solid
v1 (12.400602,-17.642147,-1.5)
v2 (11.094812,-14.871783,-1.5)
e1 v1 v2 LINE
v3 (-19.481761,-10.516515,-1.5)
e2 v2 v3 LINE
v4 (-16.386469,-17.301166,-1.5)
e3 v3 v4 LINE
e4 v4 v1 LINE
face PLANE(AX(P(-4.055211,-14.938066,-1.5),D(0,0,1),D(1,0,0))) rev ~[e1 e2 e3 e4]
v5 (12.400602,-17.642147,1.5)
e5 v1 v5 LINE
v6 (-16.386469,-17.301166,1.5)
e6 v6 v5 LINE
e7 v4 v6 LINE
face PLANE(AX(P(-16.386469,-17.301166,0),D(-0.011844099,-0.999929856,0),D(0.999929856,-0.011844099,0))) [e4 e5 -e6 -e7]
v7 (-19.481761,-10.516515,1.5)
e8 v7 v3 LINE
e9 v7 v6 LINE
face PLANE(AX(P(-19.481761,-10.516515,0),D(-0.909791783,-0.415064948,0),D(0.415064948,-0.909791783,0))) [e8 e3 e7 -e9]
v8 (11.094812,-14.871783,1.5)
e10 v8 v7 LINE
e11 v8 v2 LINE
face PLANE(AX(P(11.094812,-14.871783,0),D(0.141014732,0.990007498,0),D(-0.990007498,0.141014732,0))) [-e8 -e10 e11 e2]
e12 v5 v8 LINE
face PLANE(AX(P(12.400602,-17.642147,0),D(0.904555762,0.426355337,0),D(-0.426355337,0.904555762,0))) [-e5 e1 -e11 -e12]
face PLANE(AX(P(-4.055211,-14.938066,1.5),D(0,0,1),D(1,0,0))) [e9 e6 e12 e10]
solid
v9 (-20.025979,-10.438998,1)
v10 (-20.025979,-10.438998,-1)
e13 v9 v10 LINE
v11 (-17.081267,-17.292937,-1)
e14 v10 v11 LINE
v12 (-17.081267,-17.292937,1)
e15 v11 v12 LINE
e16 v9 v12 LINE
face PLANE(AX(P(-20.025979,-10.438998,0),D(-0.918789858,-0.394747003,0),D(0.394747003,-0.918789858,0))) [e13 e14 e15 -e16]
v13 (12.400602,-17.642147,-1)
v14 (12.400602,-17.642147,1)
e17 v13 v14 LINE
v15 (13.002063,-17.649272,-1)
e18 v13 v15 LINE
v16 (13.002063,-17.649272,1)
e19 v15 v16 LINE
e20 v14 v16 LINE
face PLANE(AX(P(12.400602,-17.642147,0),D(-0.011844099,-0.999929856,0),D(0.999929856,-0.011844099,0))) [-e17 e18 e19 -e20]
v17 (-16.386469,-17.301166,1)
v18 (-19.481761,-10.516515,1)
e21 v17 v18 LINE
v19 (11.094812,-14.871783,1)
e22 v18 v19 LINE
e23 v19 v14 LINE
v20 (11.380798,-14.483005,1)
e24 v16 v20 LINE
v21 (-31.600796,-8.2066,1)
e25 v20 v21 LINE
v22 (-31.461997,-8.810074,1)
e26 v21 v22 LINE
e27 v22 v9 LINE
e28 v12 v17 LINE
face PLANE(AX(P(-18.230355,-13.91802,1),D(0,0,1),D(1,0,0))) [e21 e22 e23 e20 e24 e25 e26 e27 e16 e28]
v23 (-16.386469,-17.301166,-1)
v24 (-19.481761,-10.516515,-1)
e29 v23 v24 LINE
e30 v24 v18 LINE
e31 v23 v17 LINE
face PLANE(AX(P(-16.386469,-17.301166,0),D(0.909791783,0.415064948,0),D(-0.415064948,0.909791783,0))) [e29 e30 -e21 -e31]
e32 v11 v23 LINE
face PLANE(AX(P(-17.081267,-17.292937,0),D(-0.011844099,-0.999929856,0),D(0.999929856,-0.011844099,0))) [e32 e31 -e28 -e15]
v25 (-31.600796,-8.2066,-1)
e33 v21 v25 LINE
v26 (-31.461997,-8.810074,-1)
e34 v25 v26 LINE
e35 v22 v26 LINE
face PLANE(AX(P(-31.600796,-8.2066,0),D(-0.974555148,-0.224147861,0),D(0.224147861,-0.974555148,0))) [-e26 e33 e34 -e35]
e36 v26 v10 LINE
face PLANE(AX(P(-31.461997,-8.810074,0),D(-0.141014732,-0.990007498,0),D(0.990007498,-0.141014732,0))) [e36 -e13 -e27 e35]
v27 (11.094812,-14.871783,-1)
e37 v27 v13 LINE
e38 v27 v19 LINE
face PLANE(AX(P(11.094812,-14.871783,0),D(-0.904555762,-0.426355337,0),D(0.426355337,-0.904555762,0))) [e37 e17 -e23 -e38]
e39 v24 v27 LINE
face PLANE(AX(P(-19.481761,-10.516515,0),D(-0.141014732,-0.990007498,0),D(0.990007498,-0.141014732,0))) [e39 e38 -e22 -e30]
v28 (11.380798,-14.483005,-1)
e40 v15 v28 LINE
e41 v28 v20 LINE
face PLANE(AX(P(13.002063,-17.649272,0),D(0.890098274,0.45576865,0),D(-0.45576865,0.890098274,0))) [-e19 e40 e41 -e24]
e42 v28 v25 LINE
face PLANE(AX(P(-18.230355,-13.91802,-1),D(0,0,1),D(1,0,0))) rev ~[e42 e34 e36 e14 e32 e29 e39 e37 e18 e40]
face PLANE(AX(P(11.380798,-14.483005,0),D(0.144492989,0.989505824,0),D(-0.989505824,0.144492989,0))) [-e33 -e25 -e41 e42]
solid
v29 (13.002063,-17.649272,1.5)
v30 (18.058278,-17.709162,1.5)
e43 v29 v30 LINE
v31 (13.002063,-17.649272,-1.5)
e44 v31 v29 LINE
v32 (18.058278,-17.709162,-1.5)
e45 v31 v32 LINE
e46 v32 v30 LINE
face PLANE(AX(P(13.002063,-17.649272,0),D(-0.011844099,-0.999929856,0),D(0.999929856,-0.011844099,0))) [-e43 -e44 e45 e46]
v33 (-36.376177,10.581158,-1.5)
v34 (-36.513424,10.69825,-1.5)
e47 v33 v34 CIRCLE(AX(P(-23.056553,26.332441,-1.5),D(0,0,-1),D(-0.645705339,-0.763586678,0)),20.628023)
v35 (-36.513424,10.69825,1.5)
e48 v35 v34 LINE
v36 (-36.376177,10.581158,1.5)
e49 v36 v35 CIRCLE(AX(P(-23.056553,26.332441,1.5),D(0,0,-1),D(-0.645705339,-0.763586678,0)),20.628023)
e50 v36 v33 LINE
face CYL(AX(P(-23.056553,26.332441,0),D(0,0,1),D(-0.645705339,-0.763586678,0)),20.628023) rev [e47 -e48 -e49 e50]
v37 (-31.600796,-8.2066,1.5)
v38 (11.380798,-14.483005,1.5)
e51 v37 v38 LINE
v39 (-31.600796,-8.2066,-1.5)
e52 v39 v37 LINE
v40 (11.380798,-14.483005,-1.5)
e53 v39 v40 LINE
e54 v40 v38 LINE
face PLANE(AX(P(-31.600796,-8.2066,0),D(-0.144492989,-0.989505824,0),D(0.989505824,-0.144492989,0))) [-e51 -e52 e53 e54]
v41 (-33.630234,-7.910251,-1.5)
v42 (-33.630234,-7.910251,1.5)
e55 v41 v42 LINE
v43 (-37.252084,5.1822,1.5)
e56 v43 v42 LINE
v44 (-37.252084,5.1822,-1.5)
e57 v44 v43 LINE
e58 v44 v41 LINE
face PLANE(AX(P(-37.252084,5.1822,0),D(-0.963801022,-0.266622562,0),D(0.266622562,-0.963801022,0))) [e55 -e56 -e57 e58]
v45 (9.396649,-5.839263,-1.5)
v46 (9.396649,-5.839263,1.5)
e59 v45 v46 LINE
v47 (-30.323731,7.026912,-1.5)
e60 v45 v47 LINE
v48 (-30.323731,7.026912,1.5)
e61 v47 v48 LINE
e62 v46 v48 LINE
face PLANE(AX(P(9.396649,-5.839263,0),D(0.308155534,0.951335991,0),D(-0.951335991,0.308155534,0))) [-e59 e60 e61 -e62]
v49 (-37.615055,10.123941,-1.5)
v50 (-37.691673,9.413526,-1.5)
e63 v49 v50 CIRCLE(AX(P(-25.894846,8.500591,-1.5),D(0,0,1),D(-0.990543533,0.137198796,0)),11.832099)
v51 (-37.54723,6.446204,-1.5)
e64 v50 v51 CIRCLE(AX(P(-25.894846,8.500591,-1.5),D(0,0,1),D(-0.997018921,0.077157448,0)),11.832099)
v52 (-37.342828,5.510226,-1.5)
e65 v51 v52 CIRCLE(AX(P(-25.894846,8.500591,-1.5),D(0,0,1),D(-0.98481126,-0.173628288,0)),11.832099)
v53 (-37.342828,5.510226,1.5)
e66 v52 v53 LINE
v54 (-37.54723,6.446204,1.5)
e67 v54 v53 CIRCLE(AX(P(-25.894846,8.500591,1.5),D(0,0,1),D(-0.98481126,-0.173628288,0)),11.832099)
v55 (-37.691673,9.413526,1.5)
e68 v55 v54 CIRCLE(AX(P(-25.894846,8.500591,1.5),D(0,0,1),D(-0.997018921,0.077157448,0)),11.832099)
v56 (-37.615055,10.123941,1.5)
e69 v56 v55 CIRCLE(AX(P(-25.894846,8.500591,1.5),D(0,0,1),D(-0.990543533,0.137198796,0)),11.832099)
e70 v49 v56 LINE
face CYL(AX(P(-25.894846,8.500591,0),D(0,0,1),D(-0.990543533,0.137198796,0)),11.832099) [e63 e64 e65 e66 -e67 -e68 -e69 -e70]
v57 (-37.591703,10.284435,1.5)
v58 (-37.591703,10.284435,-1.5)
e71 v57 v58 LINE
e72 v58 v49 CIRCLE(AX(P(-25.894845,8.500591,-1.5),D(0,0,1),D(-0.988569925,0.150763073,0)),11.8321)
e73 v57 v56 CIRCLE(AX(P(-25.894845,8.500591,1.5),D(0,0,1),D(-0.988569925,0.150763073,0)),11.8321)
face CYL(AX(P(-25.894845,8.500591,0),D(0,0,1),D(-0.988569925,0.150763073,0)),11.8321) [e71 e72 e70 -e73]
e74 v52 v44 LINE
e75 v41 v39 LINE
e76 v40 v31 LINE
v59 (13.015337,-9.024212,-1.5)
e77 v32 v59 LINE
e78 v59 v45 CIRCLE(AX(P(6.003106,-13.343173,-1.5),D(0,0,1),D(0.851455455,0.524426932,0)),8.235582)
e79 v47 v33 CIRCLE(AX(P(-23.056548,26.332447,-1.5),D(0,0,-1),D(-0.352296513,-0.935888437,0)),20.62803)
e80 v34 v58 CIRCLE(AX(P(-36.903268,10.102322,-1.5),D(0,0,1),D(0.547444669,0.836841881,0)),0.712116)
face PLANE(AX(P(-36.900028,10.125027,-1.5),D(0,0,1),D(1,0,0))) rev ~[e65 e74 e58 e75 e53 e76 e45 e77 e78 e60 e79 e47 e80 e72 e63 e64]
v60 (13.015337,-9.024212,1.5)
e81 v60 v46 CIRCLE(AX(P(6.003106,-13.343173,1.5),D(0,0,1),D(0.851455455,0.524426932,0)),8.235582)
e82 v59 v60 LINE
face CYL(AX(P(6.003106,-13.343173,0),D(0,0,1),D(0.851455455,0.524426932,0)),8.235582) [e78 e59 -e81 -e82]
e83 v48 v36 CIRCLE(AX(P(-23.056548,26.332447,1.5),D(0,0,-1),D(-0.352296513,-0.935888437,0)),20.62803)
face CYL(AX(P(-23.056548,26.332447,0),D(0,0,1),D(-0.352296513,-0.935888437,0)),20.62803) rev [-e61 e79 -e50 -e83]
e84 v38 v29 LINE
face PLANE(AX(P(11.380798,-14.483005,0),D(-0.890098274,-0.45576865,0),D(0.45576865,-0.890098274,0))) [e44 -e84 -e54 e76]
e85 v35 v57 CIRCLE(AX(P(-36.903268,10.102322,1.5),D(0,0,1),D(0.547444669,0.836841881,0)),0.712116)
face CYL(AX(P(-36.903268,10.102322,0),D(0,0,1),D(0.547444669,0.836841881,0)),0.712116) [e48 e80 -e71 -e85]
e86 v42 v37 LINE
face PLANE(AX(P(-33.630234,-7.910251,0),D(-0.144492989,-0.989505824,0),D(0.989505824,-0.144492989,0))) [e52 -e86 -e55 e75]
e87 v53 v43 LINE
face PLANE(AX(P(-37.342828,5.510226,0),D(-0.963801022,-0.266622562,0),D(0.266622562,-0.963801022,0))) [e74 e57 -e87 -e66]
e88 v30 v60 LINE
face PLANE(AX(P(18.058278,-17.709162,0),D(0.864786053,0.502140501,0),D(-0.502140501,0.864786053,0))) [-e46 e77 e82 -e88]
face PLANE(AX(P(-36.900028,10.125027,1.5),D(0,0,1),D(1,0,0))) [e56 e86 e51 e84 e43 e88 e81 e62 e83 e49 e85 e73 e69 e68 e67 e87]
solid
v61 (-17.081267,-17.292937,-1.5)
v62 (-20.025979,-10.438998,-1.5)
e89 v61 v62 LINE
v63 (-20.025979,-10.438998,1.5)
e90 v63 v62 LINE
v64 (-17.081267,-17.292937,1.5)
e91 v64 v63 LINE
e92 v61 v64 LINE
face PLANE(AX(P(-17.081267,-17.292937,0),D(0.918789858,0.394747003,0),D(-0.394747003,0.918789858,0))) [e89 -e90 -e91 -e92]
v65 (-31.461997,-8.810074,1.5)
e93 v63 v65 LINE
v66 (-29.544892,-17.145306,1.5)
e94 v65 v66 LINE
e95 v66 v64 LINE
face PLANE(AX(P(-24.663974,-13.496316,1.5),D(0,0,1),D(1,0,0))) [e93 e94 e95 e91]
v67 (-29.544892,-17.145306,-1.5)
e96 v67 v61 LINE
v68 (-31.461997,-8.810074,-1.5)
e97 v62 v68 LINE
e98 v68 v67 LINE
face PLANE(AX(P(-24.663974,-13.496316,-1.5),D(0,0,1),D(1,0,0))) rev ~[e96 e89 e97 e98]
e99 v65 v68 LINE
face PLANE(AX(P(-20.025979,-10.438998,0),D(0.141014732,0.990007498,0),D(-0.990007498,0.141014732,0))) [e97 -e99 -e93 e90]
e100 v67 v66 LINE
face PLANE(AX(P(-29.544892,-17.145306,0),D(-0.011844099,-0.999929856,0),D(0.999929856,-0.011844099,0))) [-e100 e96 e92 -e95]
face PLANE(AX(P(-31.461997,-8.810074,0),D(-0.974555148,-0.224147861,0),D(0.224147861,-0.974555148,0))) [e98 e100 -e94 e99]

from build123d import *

# Parameters (mm, degrees)
F1_DEPTH      = 1.5
F1_DEPTH_BACK = 1.5
F2_DEPTH      = 1
F2_DEPTH_BACK = 1


with BuildPart() as f1:
    # F0 (on Top) → F1 (new body, two sides)
    with BuildSketch(Plane.XY) as f1_sk:
        with BuildLine():
            ThreePointArc((-37.5917032361, 10.284435004), (-37.6036541925, 10.2042280745), (-37.6150551658, 10.1239411223))
            ThreePointArc((-37.6150551658, 10.1239411223), (-36.9140789223, 9.3902881067), (-36.1911523713, 10.1023215633))
            ThreePointArc((-36.1911523713, 10.1023215633), (-36.2390172385, 10.3589917497), (-36.3761773631, 10.5811577471))
            ThreePointArc((-36.3761773631, 10.5811577471), (-36.444928714, 10.6395536611), (-36.5134240484, 10.6982496592))
            ThreePointArc((-36.5134240484, 10.6982496592), (-37.1584146425, 10.7671588816), (-37.5917032361, 10.284435004))
        make_face()
        with BuildLine():
            ThreePointArc((-37.6150551658, 10.1239411223), (-37.658727807, 9.7693120358), (-37.6916725948, 9.413525963))
            Line((-37.6916725948, 9.413525963), (-30.3237312473, 7.0269118533))
            ThreePointArc((-30.3237312473, 7.0269118533), (-33.5022351188, 8.5447191966), (-36.3761773631, 10.5811577471))
            ThreePointArc((-36.3761773631, 10.5811577471), (-36.2390172385, 10.3589917497), (-36.1911523713, 10.1023215633))
            ThreePointArc((-36.1911523713, 10.1023215633), (-36.9140789223, 9.3902881067), (-37.6150551658, 10.1239411223))
        make_face()
        with BuildLine():
            Line((-33.6302335127, -7.9102508416), (-31.6007956862, -8.2066003233))
            Line((-31.6007956862, -8.2066003233), (11.3807979287, -14.4830049639))
            Line((11.3807979287, -14.4830049639), (13.0020627939, -17.6492715746))
            Line((13.0020627939, -17.6492715746), (18.0582776666, -17.7091620862))
            Line((18.0582776666, -17.7091620862), (13.015336557, -9.0242120995))
            ThreePointArc((13.015336557, -9.0242120995), (11.4442463034, -7.1610379131), (9.3966493292, -5.8392628698))
            Line((9.3966493292, -5.8392628698), (-30.3237312473, 7.0269118533))
            Line((-30.3237312473, 7.0269118533), (-37.6916725948, 9.413525963))
            ThreePointArc((-37.6916725948, 9.413525963), (-37.7129517219, 7.9253137988), (-37.5472303476, 6.4462043799))
            ThreePointArc((-37.5472303476, 6.4462043799), (-37.4545060694, 5.9761457145), (-37.3428276399, 5.5102263341))
            Line((-37.3428276399, 5.5102263341), (-37.2520836129, 5.1822001342))
            Line((-37.2520836129, 5.1822001342), (-34.2308298218, -5.7391842553))
            Line((-34.2308298218, -5.7391842553), (-33.6302335127, -7.9102508416))
        make_face()
    extrude(amount=F1_DEPTH)
    extrude(f1_sk.sketch, amount=-F1_DEPTH_BACK)


with BuildPart() as f1b:
    # F0 (on Top) → F1, piece 2 (new body, two sides)
    with BuildSketch(Plane.XY) as f1_2_sk:
        Polygon((-31.4619966379, -8.8100739707), (-29.5448917896, -17.145305872), (-17.0812669576, -17.2929366368), (-20.0259792188, -10.4389979306), align=None)
    extrude(amount=F1_DEPTH)
    extrude(f1_2_sk.sketch, amount=-F1_DEPTH_BACK)


with BuildPart() as f1c:
    # F0 (on Top) → F1, piece 3 (new body, two sides)
    with BuildSketch(Plane.XY) as f1_3_sk:
        Polygon((-19.481760832, -10.5165153334), (-16.3864692258, -17.3011664673), (12.4006021974, -17.6421473158), (11.0948123038, -14.8717826232), align=None)
    extrude(amount=F1_DEPTH)
    extrude(f1_3_sk.sketch, amount=-F1_DEPTH_BACK)


with BuildPart() as f2:
    # F0 (on Top) → F2 (new body, two sides)
    with BuildSketch(Plane.XY) as f2_sk:
        Polygon((-20.0259792188, -10.4389979306), (-17.0812669576, -17.2929366368), (-16.3864692258, -17.3011664673), (-19.481760832, -10.5165153334), align=None)
        Polygon((-31.6007956862, -8.2066003233), (-31.4619966379, -8.8100739707), (-20.0259792188, -10.4389979306), (-19.481760832, -10.5165153334), (11.0948123038, -14.8717826232), (12.4006021974, -17.6421473158), (13.0020627939, -17.6492715746), (11.3807979287, -14.4830049639), align=None)
    extrude(amount=F2_DEPTH)
    extrude(f2_sk.sketch, amount=-F2_DEPTH_BACK)


solid = Compound([f1.part, f1b.part, f1c.part, f2.part])
